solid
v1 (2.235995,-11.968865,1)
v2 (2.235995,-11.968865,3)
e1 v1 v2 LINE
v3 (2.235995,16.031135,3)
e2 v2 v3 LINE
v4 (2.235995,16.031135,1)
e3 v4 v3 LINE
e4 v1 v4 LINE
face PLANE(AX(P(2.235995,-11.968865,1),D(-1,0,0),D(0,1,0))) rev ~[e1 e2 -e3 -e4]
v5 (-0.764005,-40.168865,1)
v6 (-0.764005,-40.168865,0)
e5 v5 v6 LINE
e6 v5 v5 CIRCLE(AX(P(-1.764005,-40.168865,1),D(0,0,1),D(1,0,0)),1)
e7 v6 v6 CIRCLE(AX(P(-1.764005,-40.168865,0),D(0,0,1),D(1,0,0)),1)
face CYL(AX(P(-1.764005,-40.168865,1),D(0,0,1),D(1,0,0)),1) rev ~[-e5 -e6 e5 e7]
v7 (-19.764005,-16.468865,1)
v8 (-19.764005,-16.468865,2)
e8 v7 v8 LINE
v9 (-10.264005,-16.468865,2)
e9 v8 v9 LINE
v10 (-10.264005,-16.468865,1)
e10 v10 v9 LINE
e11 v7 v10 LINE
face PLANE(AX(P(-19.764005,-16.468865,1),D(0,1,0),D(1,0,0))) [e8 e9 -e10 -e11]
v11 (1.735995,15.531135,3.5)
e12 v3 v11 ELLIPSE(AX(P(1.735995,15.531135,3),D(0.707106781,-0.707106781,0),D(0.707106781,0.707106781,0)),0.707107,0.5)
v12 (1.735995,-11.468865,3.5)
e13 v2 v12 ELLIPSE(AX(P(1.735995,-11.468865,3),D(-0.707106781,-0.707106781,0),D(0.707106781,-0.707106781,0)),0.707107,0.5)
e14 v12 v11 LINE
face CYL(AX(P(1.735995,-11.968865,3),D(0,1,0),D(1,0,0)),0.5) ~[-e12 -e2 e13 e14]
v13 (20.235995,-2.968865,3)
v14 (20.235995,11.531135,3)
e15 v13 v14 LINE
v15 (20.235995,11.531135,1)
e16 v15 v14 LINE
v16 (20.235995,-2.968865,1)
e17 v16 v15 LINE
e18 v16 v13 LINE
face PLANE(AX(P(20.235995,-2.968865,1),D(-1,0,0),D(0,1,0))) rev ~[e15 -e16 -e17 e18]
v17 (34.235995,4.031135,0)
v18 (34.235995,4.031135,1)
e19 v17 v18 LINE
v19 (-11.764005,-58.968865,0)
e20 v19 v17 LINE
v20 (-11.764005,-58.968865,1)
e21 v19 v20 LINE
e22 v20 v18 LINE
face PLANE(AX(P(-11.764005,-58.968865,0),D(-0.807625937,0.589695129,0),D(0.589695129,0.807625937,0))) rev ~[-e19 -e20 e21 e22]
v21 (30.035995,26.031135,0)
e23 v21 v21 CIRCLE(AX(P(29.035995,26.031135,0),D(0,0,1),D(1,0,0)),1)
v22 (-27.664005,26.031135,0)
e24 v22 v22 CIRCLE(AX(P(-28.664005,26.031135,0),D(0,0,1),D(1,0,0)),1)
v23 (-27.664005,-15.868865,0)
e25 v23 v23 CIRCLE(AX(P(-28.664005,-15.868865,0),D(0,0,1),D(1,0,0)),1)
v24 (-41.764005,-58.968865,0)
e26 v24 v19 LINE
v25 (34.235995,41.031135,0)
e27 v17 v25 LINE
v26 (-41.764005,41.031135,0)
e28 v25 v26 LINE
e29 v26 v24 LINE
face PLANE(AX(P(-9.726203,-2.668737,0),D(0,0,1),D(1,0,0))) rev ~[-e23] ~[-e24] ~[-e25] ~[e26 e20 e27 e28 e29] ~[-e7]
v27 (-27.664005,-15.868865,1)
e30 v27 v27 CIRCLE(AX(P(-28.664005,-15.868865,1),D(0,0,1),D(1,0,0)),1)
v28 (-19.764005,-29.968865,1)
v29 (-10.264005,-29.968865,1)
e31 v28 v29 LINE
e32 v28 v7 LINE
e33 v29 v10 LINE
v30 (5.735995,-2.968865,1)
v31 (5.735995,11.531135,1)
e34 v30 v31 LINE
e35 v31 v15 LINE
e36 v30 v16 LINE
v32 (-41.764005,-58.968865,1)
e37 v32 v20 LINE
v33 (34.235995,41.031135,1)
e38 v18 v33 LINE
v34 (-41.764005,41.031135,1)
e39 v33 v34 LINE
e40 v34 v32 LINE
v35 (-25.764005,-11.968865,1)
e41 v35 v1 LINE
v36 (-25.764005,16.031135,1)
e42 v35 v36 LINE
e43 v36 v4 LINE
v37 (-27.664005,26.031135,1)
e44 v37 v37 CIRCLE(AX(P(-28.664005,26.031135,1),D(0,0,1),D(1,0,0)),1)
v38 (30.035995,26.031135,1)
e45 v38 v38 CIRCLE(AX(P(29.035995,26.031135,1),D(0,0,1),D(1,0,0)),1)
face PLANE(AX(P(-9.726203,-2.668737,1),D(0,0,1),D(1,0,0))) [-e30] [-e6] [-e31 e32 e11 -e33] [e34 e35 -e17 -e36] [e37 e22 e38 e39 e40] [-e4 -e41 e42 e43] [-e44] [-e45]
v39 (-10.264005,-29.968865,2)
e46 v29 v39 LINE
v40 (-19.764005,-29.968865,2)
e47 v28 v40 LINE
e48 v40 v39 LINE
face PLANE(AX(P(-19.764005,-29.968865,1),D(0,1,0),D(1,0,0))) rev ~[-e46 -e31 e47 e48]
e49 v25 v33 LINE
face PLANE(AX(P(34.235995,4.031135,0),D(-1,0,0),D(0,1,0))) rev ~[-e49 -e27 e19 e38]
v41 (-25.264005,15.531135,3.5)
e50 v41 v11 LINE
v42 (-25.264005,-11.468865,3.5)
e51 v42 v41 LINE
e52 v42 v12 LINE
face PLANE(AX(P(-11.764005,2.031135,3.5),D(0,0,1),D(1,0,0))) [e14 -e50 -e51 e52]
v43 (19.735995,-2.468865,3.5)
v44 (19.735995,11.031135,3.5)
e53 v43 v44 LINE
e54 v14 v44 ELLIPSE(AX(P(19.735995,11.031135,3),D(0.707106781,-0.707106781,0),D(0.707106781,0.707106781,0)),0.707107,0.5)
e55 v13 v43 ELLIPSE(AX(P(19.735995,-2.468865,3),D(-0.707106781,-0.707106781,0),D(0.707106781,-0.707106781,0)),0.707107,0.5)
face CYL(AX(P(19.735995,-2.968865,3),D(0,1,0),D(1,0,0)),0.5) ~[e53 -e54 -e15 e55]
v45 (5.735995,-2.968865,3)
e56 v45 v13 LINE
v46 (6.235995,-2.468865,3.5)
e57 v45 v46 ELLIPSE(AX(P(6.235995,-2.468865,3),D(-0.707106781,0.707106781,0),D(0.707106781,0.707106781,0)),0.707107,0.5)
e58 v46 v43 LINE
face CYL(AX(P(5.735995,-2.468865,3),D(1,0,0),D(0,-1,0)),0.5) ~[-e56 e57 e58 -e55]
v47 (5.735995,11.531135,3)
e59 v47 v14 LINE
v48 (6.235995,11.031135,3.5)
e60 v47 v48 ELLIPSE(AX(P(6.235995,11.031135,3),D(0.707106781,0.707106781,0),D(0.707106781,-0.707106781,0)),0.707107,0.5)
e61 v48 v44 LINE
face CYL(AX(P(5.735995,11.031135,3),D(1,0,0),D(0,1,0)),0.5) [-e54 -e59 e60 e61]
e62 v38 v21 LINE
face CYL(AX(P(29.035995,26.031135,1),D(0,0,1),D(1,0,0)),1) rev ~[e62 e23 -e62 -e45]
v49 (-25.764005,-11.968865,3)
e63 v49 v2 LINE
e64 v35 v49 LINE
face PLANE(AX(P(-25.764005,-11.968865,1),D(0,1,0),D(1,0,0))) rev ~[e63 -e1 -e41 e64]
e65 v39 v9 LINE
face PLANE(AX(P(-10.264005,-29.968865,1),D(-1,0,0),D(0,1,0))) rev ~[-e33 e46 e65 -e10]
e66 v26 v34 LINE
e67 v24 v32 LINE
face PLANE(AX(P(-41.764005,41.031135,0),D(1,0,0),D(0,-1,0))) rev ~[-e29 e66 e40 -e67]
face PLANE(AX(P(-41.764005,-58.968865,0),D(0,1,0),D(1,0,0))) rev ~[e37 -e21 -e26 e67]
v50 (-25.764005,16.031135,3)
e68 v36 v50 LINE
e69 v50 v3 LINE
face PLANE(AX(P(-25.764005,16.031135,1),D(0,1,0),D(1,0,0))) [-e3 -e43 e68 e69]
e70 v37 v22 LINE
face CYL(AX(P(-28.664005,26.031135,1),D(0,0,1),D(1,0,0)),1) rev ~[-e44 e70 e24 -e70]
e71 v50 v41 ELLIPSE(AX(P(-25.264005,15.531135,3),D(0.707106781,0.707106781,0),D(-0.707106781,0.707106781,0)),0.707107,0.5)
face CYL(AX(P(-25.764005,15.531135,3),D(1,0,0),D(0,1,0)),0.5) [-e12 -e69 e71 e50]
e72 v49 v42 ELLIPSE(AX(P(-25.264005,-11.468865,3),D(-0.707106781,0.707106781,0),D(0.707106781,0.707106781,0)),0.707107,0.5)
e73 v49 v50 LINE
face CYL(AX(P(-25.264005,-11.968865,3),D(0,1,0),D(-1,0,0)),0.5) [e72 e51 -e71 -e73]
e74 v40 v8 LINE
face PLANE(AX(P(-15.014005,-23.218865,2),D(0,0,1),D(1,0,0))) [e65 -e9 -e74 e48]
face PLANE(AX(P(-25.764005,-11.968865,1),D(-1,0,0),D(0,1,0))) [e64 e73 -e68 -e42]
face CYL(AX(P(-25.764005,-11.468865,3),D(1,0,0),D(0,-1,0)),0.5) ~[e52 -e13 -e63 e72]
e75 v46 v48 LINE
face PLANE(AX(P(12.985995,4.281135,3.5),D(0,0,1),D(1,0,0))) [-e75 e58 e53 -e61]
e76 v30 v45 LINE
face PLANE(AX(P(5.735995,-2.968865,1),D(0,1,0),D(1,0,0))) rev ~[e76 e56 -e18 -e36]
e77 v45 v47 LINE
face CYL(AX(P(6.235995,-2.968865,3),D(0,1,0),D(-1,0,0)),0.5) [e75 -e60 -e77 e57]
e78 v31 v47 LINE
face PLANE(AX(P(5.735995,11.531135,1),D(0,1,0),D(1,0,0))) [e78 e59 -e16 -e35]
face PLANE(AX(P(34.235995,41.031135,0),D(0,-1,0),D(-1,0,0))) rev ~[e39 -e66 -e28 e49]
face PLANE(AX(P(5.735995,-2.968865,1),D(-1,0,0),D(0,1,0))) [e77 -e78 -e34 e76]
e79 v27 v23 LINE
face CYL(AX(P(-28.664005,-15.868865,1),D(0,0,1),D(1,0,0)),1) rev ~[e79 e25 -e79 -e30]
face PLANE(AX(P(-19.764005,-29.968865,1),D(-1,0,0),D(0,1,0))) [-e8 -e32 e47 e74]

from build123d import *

# Parameters (mm, degrees)
F1_DEPTH = 1
F2_R     = 1
F3_DEPTH = 2
F4_W     = 28
F4_H     = 28
F4_W_2   = 14.5
F4_H_2   = 14.5
F5_DEPTH = 2.5
F6_R     = 0.5
F7_W     = 9.5
F7_H     = 13.5
F8_DEPTH = 1


with BuildPart() as f1:
    # F0 (on Top) → F1 (new body)
    with BuildSketch(Plane.XY):
        Polygon((-41.764005, 41.031135), (-41.764005, -58.968865), (-11.764005, -58.968865), (34.235995, 4.031135), (34.235995, 41.031135), align=None)
    extrude(amount=F1_DEPTH)

    # F2 (on face) → F3 (cut)
    with BuildSketch(Plane.XY.offset(1)):
        with Locations((-28.664005, 26.031135)):
            Circle(F2_R)
        with Locations((-28.664005, -15.868865)):
            Circle(F2_R)
        with Locations((29.035995, 26.031135)):
            Circle(F2_R)
        with Locations((-1.764005, -40.168865)):
            Circle(F2_R)
    extrude(amount=-F3_DEPTH, mode=Mode.SUBTRACT)

    # F4 (on face) → F5 (join)
    with BuildSketch(Plane.XY.offset(1)):
        with Locations((-11.764005, 2.031135)):
            Rectangle(F4_W, F4_H)
        with Locations((12.985995, 4.281135)):
            Rectangle(F4_W_2, F4_H_2)
    extrude(amount=F5_DEPTH)

    # F6
    f6_edges = [f1.edges().sort_by_distance(p)[0] for p in [
        (-11.764005, -11.968865, 3.5),
        (-25.764005, 2.031135, 3.5),
        (-11.764005, 16.031135, 3.5),
        (2.235995, 2.031135, 3.5),
        (12.985995, 11.531135, 3.5),
        (5.735995, 4.281135, 3.5),
        (12.985995, -2.968865, 3.5),
        (20.235995, 4.281135, 3.5),
    ]]
    fillet(f6_edges, radius=F6_R)

    # F7 (on face) → F8 (join)
    with BuildSketch(Plane.XY.offset(1)):
        with Locations((-15.014005, -23.218865)):
            Rectangle(F7_W, F7_H)
    extrude(amount=F8_DEPTH)


solid = f1.part
